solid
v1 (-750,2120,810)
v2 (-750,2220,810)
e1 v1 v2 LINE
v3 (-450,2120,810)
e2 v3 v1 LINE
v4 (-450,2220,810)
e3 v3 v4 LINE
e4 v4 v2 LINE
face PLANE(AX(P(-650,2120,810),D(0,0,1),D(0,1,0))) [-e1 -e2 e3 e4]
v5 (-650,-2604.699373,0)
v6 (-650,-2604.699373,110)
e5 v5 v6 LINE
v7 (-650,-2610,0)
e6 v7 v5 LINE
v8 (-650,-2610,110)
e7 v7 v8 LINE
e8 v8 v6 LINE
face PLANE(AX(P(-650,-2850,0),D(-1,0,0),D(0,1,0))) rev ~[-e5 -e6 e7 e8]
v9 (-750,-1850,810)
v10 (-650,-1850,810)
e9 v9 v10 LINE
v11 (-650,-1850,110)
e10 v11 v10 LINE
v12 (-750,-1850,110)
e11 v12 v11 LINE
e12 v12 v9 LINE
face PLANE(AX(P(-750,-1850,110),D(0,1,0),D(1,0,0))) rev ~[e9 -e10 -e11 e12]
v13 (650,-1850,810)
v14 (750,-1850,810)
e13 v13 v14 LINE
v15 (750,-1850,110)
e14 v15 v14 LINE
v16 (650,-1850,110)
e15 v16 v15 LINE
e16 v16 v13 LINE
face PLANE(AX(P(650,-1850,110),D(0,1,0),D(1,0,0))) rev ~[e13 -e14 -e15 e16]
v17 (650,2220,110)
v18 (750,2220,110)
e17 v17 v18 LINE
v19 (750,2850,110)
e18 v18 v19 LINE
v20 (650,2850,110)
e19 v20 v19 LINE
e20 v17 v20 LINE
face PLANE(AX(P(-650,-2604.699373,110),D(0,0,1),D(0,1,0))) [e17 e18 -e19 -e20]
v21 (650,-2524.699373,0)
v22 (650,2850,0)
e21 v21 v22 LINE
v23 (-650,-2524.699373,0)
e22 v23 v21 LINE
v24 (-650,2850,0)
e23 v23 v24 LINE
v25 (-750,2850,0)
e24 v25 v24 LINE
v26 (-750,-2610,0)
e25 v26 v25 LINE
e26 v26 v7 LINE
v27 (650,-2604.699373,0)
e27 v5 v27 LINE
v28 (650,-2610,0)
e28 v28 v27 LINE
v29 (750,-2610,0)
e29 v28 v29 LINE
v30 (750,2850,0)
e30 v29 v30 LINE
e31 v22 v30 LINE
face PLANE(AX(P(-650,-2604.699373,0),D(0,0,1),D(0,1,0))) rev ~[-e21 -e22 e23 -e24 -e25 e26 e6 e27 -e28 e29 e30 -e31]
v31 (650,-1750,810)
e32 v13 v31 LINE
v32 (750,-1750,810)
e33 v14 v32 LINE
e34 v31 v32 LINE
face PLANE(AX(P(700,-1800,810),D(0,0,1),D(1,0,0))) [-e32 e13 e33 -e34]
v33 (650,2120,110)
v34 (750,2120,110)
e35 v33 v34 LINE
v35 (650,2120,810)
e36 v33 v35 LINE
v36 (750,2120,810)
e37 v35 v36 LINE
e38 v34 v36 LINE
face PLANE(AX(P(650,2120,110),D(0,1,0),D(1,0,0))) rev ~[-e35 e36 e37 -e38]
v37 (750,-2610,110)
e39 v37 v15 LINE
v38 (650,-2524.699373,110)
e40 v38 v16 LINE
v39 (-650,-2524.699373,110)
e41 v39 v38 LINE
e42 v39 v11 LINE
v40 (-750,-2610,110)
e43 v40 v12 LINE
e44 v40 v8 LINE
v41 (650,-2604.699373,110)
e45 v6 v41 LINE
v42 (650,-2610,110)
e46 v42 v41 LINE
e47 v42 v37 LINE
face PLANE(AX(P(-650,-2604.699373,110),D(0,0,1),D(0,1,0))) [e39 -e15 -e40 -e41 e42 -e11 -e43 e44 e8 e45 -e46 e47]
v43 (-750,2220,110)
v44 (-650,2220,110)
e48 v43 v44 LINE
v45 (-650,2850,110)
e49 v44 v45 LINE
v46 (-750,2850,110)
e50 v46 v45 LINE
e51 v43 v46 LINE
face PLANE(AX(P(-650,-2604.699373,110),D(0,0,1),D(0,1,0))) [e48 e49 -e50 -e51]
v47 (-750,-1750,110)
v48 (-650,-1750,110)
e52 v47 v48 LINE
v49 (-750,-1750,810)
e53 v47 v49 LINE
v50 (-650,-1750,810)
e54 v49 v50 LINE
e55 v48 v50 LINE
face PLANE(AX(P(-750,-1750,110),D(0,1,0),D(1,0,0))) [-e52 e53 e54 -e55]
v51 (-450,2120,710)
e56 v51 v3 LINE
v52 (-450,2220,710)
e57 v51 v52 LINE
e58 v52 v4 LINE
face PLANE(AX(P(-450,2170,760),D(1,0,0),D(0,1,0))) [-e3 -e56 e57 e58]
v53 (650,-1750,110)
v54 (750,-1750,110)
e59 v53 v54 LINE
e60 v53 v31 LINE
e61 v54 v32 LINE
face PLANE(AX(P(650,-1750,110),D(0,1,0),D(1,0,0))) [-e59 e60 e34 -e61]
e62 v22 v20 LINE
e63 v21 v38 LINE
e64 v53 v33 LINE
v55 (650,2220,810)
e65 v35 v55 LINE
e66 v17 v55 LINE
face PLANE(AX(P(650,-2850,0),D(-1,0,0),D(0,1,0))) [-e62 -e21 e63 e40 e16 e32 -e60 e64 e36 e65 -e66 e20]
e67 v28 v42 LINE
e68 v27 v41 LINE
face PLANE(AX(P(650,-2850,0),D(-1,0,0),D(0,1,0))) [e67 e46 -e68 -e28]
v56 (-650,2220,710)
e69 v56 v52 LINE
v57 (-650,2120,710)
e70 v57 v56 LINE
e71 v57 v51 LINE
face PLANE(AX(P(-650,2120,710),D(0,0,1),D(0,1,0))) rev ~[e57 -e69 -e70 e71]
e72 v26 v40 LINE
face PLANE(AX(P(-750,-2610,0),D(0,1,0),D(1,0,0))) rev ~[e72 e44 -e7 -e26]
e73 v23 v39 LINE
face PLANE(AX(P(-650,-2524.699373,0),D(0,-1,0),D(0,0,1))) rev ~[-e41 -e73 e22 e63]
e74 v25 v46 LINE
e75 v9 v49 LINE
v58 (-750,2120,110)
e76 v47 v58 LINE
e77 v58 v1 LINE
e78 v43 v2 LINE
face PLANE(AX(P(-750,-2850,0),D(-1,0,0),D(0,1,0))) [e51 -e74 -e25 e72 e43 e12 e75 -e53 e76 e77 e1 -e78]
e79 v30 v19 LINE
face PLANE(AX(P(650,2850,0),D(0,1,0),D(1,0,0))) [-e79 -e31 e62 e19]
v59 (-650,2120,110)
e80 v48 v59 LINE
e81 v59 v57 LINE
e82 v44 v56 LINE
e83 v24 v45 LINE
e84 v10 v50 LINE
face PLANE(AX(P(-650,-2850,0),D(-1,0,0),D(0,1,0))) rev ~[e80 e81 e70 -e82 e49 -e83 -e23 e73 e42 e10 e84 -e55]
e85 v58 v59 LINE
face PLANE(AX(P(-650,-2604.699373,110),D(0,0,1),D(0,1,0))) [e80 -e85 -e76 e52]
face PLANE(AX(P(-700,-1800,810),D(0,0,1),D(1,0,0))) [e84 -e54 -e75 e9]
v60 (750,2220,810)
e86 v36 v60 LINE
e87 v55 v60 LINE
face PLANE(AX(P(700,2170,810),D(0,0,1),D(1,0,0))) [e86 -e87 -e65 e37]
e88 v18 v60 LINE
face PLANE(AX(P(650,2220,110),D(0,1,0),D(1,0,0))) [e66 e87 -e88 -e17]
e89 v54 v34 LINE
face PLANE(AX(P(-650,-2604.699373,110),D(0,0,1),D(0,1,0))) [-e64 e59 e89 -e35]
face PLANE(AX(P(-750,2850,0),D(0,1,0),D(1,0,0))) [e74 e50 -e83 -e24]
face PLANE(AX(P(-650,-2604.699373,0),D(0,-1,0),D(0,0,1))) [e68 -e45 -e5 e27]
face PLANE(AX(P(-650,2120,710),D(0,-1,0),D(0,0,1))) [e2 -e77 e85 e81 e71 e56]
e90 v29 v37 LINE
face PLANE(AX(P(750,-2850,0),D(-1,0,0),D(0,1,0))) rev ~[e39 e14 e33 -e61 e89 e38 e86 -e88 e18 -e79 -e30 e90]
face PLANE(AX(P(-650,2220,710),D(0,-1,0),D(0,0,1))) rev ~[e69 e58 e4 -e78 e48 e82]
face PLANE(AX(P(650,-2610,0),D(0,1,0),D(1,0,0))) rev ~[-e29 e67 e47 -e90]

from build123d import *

# Parameters (mm, degrees)
F0_W     = 100
F0_H     = 5700
F1_DEPTH = 110
F2_W     = 80
F2_H     = 110
F3_DEPTH = 1350
F4_W     = 100
F4_H     = 100
F5_DEPTH = 700
F6_DEPTH = 240
F7_W     = 100
F7_H     = 100
F8_DEPTH = 200


with BuildPart() as f1:
    # F0 (on Top) → F1 (new body)
    with BuildSketch(Plane.XY):
        with Locations((700, 0)):
            Rectangle(F0_W, F0_H)
    extrude(amount=F1_DEPTH)



with BuildPart() as f1b:
    # F0 (on Top) → F1, piece 2 (new body)
    with BuildSketch(Plane.XY):
        with Locations((-700, 0)):
            Rectangle(F0_W, F0_H)
    extrude(amount=F1_DEPTH)


with BuildPart() as f1_1:
    add(f1.part)

    add(f1b.part)  # F3 merges F1b
    # F2 (on face) → F3 (join)
    with BuildSketch(Plane.YZ.offset(-650)):
        with Locations((-2564.6993732452, 55)):
            Rectangle(F2_W, F2_H)
    extrude(amount=F3_DEPTH)

    # F4 (on face) → F5 (join)
    with BuildSketch(Plane.XY.offset(110)):
        with Locations((700, -1800)):
            Rectangle(F4_W, F4_H)
        with Locations((700, 2170)):
            Rectangle(F4_W, F4_H)
        with Locations((-700, -1800)):
            Rectangle(F4_W, F4_H)
        with Locations((-700, 2170)):
            Rectangle(F4_W, F4_H)
    extrude(amount=F5_DEPTH)

    # F6 (cut): faces of the model
    f6_faces = [f1_1.faces().sort_by_distance(p)[0] for p in [
        (700, -2850, 55),
        (-700, -2850, 55),
    ]]
    extrude(f6_faces, amount=-F6_DEPTH, mode=Mode.SUBTRACT)

    # F7 (on face) → F8 (join)
    with BuildSketch(Plane.YZ.offset(-650)):
        with Locations((2170, 760)):
            Rectangle(F7_W, F7_H)
    extrude(amount=F8_DEPTH)


solid = f1_1.part
